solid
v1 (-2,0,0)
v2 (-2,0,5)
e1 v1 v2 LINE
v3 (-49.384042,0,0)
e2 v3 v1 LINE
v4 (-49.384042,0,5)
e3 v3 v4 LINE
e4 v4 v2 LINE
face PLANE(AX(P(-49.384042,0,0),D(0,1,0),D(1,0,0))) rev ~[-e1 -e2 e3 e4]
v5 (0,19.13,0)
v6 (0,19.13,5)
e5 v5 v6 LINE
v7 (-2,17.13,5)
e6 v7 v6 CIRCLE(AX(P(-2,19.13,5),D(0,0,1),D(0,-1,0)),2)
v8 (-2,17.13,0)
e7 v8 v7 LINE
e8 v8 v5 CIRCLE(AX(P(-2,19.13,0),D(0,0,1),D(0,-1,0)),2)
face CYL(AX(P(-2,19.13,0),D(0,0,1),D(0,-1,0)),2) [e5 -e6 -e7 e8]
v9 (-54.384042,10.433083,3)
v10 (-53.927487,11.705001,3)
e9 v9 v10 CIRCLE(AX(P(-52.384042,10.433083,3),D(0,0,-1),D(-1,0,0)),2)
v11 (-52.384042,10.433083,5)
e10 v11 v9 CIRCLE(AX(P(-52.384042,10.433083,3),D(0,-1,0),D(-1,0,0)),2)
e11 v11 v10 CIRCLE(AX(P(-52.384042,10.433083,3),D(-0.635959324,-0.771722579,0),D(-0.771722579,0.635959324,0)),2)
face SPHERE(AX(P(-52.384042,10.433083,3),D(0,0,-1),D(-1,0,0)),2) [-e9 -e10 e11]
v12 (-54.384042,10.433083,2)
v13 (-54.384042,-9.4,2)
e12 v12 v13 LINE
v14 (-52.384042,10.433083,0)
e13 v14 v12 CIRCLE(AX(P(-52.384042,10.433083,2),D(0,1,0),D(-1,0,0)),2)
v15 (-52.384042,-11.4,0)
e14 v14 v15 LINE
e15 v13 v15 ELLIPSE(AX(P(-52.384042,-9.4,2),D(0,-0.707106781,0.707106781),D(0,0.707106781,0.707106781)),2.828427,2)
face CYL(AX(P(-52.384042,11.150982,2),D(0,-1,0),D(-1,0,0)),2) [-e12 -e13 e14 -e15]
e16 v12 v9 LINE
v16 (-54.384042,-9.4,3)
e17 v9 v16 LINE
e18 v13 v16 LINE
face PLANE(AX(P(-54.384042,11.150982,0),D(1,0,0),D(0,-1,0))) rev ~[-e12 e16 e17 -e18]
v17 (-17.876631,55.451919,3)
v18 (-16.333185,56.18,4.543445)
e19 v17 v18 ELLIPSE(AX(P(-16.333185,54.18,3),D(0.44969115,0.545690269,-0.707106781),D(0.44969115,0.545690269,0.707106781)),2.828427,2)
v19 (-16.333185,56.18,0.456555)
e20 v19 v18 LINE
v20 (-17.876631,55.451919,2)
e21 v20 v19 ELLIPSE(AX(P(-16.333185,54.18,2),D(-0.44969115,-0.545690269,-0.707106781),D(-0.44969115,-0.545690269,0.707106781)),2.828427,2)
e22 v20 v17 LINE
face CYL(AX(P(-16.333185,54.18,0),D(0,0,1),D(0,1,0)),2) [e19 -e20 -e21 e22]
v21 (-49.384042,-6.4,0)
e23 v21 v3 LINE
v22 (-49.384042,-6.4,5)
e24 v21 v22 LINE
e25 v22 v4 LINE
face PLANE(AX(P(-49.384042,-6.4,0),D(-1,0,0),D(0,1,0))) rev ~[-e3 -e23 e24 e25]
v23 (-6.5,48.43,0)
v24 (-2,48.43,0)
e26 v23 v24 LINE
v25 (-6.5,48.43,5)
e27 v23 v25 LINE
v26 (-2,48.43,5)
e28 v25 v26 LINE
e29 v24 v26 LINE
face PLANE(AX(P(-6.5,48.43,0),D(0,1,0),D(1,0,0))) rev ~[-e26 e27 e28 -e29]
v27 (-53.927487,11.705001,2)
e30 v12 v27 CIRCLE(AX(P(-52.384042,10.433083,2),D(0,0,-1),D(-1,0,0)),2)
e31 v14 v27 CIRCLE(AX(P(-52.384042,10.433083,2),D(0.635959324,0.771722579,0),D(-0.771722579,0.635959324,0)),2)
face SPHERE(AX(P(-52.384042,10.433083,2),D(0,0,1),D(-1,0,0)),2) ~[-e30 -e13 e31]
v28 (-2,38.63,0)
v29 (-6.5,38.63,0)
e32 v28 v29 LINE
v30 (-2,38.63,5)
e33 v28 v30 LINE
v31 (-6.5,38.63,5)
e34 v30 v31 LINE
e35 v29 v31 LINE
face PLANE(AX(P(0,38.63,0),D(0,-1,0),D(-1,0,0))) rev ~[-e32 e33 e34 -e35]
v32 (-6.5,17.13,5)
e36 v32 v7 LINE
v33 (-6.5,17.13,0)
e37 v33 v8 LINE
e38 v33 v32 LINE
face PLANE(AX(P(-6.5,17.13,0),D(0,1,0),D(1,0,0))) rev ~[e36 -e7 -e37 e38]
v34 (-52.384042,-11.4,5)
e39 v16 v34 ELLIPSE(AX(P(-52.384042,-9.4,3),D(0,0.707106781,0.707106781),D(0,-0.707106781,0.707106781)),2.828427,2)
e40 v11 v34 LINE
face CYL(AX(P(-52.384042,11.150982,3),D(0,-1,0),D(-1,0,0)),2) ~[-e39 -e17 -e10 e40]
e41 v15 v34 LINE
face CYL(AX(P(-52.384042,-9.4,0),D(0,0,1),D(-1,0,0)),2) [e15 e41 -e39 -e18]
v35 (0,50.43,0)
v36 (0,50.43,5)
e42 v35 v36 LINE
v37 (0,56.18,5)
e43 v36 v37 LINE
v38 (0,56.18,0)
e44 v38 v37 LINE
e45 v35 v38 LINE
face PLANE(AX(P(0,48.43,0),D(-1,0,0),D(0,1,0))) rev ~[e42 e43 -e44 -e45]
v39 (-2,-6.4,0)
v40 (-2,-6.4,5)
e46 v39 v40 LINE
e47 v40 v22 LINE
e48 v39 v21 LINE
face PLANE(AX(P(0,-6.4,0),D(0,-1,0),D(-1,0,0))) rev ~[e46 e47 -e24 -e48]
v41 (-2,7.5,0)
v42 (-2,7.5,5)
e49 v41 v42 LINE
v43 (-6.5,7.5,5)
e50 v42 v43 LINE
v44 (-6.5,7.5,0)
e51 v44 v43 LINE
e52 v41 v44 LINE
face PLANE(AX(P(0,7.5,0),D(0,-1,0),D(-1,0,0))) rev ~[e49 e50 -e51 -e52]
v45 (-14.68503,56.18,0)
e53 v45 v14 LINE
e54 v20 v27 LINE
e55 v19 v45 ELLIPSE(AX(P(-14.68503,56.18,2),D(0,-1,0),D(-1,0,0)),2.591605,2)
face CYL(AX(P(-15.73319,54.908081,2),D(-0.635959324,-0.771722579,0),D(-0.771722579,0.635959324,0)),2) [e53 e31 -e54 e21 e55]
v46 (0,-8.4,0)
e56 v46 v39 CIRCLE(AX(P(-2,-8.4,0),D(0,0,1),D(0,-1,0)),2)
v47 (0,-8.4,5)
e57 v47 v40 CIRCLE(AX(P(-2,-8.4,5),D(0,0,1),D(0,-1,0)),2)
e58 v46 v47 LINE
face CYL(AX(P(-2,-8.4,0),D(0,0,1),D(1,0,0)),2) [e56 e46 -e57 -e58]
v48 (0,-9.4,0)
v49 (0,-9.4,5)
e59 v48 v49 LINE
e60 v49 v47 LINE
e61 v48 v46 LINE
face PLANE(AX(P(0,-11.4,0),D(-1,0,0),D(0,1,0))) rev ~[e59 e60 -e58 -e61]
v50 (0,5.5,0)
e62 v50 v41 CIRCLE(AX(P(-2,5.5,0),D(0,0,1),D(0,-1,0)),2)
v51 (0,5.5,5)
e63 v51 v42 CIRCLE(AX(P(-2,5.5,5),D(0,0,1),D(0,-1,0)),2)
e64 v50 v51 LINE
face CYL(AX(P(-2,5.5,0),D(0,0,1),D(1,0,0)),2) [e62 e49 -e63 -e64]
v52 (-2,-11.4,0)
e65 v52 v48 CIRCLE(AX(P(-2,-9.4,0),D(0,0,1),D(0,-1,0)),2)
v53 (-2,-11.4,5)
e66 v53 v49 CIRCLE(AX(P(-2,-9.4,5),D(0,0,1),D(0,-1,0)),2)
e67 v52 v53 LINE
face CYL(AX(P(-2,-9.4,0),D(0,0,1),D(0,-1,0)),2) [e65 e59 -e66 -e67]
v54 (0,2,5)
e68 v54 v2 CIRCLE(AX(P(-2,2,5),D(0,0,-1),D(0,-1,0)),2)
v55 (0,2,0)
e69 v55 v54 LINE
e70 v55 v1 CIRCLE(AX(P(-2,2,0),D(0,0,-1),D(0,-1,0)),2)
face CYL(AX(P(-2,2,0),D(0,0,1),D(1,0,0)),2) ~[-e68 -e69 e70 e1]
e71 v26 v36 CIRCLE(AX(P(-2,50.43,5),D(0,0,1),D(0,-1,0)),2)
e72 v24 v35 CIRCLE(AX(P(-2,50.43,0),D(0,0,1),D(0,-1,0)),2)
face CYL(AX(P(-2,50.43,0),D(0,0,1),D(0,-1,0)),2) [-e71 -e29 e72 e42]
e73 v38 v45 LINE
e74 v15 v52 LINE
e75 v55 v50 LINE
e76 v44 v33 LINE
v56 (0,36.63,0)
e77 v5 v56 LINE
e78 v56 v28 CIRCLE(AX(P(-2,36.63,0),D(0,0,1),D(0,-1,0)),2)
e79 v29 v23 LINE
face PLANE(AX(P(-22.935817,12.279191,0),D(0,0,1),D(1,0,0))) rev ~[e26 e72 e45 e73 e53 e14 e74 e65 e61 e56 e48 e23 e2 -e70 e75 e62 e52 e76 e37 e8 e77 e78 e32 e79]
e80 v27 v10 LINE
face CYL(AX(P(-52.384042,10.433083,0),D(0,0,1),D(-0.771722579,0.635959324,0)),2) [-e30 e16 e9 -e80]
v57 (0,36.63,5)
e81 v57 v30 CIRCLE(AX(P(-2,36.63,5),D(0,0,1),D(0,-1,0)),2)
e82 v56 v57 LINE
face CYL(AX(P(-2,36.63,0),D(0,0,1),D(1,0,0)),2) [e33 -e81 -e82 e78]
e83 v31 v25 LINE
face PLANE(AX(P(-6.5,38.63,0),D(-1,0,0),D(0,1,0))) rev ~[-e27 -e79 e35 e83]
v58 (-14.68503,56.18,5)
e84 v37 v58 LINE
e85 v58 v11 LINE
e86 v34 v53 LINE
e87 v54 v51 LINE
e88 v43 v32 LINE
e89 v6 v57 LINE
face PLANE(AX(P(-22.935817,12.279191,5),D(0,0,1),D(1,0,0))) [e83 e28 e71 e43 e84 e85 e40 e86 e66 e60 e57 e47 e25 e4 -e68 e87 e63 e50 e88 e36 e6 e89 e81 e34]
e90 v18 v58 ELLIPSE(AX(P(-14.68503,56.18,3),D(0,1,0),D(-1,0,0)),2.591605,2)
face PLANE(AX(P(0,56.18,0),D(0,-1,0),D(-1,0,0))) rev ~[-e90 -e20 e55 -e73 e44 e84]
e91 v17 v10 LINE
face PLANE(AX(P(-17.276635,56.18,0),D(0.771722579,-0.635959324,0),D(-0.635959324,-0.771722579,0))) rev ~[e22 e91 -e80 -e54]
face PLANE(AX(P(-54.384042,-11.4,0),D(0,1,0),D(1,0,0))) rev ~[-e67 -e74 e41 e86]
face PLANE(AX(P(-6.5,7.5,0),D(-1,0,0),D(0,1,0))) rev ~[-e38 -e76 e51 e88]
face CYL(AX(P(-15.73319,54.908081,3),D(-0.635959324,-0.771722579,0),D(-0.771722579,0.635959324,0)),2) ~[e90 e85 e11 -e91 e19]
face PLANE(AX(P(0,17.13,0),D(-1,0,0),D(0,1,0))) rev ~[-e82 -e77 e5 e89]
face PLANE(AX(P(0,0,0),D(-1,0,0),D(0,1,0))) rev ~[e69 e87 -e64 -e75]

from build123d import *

# Parameters (mm, degrees)
F1_DEPTH = 5
F2_R     = 2


with BuildPart() as f1:
    # F0 (on Top) → F1 (new body)
    with BuildSketch(Plane.XY):
        Polygon((0, 0), (0, 7.5), (-6.5, 7.5), (-6.5, 17.13), (0, 17.13), (0, 38.63), (-6.5, 38.63), (-6.5, 48.43), (0, 48.43), (0, 56.18), (-17.276635, 56.18), (-54.384042, 11.150982), (-54.384042, -11.4), (0, -11.4), (0, -6.4), (-49.384042, -6.4), (-49.384042, 0), align=None)
    extrude(amount=F1_DEPTH)

    # F2
    f2_edges = [f1.edges().sort_by_distance(p)[0] for p in [
        (0, 48.43, 2.5),
        (0, 38.63, 2.5),
        (0, 17.13, 2.5),
        (0, 7.5, 2.5),
        (0, 0, 2.5),
        (0, -6.4, 2.5),
        (0, -11.4, 2.5),
        (-17.276635, 56.18, 2.5),
        (-54.384042, 11.150982, 2.5),
        (-54.384042, -11.4, 2.5),
        (-54.384042, -0.124509, 0),
        (-54.384042, -0.124509, 5),
        (-35.830338, 33.665491, 0),
        (-35.830338, 33.665491, 5),
    ]]
    fillet(f2_edges, radius=F2_R)


solid = f1.part
